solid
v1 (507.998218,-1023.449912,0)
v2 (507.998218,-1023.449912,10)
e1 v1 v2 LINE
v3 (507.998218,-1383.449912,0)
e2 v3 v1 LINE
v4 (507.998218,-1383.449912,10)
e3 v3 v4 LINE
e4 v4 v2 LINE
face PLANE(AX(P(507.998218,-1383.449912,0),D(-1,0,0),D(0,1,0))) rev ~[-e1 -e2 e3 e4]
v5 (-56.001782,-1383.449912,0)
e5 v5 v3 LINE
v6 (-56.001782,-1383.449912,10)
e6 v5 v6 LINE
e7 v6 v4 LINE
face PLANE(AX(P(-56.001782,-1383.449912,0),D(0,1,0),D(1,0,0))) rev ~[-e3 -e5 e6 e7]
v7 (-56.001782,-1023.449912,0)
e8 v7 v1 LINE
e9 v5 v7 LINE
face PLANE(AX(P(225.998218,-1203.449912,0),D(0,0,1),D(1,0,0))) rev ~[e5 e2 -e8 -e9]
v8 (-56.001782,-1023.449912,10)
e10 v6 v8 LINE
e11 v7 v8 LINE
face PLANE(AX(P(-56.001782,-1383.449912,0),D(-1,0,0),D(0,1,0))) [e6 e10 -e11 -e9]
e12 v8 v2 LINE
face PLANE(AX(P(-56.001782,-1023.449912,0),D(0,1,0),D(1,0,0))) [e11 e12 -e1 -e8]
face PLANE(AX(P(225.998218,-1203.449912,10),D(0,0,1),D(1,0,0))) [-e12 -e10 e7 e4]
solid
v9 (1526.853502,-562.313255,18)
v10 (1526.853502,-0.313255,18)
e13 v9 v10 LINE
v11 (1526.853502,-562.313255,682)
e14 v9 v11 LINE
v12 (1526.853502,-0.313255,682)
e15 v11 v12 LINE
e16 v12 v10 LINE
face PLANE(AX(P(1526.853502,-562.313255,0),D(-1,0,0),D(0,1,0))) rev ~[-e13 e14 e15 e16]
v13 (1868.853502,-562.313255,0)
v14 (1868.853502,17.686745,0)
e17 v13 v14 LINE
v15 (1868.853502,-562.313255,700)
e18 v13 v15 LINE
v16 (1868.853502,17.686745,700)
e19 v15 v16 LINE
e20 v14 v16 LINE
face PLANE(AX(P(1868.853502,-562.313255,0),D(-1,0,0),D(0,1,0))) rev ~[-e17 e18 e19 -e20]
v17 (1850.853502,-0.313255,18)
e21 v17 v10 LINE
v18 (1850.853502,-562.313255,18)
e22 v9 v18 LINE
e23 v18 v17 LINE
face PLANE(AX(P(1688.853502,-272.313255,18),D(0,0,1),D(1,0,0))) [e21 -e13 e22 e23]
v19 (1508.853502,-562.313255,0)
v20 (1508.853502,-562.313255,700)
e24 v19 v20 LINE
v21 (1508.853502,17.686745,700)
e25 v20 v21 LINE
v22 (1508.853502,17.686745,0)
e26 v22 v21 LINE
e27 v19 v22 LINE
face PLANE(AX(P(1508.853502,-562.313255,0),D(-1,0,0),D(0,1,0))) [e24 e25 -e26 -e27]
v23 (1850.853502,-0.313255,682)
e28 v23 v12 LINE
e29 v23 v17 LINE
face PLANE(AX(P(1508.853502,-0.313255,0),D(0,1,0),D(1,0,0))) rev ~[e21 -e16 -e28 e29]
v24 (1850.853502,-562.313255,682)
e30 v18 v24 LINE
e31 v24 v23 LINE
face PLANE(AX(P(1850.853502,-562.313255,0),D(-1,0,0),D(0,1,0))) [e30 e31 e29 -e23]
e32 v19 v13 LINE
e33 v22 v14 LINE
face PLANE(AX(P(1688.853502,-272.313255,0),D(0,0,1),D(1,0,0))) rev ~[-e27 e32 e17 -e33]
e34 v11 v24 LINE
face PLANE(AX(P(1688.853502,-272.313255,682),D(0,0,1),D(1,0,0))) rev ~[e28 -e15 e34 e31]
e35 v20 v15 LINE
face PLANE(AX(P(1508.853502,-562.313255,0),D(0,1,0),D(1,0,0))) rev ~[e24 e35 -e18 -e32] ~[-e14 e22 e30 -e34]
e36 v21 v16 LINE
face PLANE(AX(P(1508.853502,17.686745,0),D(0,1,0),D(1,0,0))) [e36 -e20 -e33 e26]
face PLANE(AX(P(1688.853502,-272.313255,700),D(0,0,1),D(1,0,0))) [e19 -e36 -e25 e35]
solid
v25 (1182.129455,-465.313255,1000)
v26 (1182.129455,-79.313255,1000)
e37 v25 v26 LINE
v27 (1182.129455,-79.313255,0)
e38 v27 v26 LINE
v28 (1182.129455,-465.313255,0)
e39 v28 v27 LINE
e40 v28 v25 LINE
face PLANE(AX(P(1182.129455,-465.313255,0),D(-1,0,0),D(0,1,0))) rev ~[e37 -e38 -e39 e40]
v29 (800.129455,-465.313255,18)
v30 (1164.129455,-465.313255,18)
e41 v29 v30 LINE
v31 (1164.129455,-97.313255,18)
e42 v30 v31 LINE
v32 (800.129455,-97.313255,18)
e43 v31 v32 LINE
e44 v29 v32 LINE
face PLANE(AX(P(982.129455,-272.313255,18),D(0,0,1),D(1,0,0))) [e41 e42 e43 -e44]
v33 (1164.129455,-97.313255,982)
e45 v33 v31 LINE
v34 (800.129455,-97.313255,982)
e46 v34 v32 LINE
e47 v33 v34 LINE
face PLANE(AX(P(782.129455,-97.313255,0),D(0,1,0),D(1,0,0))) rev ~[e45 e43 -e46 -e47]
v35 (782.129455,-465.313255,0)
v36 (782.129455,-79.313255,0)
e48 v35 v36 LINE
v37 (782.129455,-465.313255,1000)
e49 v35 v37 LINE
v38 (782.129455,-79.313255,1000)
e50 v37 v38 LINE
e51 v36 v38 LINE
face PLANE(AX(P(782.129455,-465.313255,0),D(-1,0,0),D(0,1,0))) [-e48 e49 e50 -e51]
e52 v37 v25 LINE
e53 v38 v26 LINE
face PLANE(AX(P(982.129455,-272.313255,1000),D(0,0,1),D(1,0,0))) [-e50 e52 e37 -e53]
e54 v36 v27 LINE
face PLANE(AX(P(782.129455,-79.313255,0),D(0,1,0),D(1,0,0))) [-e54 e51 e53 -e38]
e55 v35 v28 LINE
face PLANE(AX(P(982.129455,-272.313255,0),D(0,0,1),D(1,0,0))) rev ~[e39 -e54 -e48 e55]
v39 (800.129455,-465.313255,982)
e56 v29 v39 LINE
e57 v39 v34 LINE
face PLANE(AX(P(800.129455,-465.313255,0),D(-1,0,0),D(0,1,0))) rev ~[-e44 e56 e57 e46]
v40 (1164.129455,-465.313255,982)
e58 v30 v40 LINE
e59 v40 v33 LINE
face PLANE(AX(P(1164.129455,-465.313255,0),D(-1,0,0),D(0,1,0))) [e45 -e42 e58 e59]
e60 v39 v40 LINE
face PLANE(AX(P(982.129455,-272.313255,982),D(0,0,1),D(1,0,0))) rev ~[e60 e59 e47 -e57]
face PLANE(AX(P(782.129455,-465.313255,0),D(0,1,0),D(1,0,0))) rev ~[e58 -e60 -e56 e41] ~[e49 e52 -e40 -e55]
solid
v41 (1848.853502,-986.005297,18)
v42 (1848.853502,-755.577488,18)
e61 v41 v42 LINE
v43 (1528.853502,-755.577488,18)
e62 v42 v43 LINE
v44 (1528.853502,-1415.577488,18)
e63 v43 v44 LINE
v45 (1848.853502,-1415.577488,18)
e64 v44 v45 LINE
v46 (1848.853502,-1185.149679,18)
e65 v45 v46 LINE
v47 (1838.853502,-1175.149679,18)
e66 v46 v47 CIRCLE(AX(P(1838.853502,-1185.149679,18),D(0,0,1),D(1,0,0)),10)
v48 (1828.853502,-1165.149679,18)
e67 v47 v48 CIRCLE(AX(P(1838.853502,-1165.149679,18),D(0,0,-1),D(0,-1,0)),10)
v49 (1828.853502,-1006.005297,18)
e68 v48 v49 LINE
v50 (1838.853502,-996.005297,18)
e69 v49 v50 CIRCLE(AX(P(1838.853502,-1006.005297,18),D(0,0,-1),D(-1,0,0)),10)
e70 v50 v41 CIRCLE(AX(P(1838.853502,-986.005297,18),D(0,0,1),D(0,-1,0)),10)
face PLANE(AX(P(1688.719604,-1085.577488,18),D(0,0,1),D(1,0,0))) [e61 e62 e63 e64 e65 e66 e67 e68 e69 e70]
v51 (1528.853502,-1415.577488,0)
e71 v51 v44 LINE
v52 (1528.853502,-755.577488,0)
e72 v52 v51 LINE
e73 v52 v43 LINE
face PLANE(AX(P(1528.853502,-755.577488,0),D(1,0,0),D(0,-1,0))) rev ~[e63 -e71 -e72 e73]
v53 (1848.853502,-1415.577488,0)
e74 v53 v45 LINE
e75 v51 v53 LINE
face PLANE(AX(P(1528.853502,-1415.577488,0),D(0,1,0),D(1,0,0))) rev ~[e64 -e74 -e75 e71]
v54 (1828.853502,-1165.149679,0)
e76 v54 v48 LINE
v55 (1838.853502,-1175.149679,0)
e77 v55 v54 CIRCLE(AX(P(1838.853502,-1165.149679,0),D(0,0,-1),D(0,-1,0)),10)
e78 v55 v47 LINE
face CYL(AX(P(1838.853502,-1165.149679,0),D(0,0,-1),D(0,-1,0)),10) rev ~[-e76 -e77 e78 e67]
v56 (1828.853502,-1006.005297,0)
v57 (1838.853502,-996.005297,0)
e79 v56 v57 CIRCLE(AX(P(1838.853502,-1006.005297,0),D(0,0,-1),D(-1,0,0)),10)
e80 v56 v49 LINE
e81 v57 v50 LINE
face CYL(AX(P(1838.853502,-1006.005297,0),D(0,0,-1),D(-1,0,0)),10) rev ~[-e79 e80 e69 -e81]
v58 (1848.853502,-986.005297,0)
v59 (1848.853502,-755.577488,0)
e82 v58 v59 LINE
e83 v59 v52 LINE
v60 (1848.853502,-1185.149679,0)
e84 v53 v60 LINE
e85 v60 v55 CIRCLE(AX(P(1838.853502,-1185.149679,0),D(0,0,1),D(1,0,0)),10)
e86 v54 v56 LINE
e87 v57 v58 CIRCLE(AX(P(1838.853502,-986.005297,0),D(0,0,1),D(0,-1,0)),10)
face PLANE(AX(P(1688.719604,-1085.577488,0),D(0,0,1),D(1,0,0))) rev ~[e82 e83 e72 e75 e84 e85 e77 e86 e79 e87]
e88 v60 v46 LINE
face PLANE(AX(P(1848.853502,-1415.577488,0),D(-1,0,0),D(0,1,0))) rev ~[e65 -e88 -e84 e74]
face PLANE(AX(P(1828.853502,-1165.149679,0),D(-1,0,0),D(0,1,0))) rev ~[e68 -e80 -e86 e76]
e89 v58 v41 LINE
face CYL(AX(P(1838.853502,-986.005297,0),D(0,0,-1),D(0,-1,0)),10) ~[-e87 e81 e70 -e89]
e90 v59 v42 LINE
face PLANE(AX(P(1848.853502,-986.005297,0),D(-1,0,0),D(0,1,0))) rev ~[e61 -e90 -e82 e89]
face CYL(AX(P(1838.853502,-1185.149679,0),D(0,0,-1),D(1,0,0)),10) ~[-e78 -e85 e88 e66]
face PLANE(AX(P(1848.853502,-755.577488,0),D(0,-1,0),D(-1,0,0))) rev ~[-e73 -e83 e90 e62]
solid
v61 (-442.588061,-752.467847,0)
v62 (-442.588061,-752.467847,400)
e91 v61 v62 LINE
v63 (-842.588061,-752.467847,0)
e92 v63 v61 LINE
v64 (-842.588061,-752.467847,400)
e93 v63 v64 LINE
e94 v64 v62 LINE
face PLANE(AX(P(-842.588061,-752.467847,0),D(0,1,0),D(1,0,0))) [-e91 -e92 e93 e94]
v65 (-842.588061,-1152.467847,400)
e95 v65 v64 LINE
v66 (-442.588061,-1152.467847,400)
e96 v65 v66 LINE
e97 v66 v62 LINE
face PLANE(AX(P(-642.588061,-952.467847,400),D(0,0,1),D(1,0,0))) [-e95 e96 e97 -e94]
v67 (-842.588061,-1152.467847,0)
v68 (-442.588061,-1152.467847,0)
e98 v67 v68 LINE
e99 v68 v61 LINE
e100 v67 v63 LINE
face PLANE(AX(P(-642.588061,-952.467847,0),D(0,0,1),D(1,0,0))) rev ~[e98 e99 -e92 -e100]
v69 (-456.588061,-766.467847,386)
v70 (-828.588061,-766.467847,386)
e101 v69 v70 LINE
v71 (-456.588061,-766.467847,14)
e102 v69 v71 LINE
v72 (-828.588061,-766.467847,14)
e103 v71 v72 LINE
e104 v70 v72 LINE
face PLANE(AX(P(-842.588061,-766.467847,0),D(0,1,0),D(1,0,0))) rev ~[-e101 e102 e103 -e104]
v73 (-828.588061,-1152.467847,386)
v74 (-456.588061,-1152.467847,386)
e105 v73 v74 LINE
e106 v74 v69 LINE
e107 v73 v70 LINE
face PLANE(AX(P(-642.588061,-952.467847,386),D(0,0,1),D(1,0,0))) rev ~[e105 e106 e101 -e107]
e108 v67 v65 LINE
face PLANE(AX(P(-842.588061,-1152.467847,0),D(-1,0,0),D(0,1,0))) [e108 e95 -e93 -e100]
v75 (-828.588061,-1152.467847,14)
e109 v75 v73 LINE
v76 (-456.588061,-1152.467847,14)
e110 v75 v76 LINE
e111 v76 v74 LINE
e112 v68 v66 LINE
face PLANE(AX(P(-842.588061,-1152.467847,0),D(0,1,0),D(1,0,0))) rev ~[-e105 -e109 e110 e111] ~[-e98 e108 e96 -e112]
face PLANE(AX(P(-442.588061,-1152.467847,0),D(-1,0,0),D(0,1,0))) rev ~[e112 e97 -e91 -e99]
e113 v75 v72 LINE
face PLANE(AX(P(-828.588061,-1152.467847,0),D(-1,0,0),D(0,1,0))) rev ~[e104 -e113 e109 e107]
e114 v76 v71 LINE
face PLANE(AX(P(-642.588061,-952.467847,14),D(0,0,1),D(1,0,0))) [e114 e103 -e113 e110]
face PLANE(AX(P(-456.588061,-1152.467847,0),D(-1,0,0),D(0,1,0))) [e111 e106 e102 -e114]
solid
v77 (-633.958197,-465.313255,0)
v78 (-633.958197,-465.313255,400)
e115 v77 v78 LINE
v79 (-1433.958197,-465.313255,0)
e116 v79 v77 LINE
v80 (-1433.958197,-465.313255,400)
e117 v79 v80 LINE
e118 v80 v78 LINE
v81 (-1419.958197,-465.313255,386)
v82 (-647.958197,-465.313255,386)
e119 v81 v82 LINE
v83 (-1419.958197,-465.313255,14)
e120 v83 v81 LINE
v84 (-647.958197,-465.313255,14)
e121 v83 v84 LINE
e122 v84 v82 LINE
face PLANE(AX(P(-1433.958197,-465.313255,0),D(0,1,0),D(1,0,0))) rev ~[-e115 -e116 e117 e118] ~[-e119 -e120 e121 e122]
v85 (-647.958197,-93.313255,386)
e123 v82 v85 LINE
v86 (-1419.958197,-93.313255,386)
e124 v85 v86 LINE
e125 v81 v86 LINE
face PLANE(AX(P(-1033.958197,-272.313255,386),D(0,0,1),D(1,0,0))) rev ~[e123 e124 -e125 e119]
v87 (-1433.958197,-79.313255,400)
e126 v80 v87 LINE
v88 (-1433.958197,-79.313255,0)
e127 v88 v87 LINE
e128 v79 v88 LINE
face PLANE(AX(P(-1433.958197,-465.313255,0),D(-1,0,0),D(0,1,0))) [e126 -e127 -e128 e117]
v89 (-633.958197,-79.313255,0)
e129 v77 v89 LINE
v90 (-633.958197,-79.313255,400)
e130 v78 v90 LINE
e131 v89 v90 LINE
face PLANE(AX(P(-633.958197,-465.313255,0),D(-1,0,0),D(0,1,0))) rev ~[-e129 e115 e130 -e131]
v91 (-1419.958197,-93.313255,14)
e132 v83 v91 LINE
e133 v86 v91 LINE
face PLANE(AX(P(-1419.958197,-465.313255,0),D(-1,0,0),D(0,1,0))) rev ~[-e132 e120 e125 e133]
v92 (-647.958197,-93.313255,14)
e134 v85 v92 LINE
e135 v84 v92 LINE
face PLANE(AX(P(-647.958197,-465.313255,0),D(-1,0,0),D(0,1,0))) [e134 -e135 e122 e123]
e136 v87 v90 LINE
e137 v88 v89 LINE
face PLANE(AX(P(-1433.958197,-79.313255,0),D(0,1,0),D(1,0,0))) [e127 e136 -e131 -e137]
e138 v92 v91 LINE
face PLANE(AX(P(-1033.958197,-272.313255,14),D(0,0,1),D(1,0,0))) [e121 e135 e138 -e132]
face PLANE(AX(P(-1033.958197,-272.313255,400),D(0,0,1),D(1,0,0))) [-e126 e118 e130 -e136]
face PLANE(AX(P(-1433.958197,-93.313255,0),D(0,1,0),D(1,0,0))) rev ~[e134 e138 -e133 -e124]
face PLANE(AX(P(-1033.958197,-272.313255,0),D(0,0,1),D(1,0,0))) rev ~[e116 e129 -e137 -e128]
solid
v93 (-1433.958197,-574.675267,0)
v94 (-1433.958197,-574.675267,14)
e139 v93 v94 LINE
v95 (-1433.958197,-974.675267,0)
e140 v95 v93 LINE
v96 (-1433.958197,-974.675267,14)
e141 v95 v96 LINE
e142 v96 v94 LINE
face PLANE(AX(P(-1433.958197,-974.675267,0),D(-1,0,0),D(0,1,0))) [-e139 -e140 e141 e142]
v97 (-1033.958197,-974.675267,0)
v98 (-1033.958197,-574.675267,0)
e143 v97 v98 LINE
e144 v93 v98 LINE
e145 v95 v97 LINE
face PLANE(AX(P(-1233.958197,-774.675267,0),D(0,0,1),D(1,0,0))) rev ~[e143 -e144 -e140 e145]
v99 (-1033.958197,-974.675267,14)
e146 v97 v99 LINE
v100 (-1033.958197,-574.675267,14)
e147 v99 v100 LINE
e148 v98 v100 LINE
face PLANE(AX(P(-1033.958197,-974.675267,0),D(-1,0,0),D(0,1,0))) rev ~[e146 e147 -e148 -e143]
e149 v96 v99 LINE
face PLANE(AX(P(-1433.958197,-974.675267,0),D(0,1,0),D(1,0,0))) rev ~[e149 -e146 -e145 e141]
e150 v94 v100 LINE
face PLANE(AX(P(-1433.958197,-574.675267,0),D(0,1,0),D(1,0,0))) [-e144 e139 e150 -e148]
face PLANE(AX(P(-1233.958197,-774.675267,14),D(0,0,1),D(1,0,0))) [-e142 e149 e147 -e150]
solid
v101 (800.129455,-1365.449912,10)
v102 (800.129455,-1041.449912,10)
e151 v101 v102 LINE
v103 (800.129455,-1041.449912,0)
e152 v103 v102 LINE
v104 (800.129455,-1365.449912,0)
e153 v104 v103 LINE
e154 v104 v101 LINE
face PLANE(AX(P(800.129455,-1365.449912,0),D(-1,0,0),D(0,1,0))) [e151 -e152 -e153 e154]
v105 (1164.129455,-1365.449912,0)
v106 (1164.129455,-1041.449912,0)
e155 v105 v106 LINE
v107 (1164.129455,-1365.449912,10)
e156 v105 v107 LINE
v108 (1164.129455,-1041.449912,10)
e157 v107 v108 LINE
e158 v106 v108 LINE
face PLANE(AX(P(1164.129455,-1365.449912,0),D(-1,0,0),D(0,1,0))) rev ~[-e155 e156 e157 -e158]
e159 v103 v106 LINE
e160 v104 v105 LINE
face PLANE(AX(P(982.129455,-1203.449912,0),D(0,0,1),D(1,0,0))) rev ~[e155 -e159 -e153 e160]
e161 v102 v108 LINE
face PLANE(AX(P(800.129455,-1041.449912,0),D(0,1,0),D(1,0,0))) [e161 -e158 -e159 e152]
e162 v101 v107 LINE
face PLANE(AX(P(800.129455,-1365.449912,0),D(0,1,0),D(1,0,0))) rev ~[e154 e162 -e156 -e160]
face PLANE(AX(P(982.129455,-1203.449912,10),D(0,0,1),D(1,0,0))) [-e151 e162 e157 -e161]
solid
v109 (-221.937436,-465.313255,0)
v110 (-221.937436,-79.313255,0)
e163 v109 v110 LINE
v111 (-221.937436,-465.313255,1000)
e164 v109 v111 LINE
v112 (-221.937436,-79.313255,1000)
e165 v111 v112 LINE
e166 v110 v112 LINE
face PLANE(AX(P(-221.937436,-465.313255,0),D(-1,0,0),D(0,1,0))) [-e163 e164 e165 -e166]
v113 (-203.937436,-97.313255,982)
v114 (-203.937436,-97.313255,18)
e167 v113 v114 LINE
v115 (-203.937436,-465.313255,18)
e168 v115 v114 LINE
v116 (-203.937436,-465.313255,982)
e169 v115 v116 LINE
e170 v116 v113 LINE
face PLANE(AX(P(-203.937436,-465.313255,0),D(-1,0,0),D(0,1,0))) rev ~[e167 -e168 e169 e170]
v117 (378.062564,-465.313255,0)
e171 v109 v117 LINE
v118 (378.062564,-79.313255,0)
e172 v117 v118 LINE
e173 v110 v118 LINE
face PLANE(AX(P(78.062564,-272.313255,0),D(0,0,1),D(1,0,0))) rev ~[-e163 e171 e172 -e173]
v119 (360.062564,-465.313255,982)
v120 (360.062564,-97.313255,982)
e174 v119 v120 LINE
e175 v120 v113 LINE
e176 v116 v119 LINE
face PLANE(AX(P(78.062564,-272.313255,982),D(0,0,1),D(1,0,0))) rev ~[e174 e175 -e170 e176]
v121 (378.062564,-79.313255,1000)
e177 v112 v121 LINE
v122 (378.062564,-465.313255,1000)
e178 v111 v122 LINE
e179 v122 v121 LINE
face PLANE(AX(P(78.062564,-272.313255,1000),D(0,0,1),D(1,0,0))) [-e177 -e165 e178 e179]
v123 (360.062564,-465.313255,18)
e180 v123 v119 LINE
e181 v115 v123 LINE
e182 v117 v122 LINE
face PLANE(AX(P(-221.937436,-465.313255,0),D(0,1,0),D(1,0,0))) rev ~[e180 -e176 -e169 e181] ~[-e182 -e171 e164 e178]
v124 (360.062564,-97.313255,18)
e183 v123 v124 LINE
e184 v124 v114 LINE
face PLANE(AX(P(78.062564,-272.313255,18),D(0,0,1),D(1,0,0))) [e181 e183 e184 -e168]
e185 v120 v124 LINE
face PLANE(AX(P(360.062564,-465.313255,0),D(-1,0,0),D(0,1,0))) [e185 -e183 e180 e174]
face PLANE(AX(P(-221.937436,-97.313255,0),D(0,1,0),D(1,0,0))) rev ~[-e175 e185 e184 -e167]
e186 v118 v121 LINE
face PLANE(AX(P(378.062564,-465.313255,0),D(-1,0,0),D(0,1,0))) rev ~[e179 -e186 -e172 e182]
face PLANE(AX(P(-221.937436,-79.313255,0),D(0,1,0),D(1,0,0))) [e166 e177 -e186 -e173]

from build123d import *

# Parameters (mm, degrees)
F0_W     = 600
F0_H     = 386
F1_DEPTH = 1000
F0_W_2   = 400
F2_T     = -18
F2_2_T   = -18
F0_W_3   = 564
F0_H_2   = 360
F3_DEPTH = 10
F0_W_4   = 364
F0_H_3   = 324
F0_W_5   = 360
F0_H_4   = 580
F4_DEPTH = 700
F5_T     = -18
F6_DEPTH = 18
F0_H_5   = 400
F7_DEPTH = 14
F0_W_6   = 800
F8_DEPTH = 400
F9_T     = -14
F9_2_T   = -14


with BuildPart() as f1:
    # F0 (on Top) → F1 (new body)
    with BuildSketch(Plane.XY):
        with Locations((78.0625641346, -272.3132547994)):
            Rectangle(F0_W, F0_H)
    extrude(amount=F1_DEPTH)

    # F2
    f2_openings = [f1.faces().sort_by_distance(p)[0] for p in [
        (78.062564, -465.313255, 500),
    ]]
    offset(amount=F2_T, openings=f2_openings)


with BuildPart() as f1b:
    # F0 (on Top) → F1, piece 2 (new body)
    with BuildSketch(Plane.XY):
        with Locations((982.1294546127, -272.3132547994)):
            Rectangle(F0_W_2, F0_H)
    extrude(amount=F1_DEPTH)

    # F2#2
    f2_2_openings = [f1b.faces().sort_by_distance(p)[0] for p in [
        (982.129455, -465.313255, 500),
    ]]
    offset(amount=F2_2_T, openings=f2_2_openings)


with BuildPart() as f3:
    # F0 (on Top) → F3 (new body)
    with BuildSketch(Plane.XY):
        with Locations((225.9982175827, -1203.4499120712)):
            Rectangle(F0_W_3, F0_H_2)
    extrude(amount=F3_DEPTH)


with BuildPart() as f3b:
    # F0 (on Top) → F3, piece 2 (new body)
    with BuildSketch(Plane.XY):
        with Locations((982.1294546127, -1203.4499120712)):
            Rectangle(F0_W_4, F0_H_3)
    extrude(amount=F3_DEPTH)


with BuildPart() as f4:
    # F0 (on Top) → F4 (new body)
    with BuildSketch(Plane.XY):
        with Locations((1688.8535022736, -272.3132547994)):
            Rectangle(F0_W_5, F0_H_4)
    extrude(amount=F4_DEPTH)

    # F5
    f5_openings = [f4.faces().sort_by_distance(p)[0] for p in [
        (1688.853502, -562.313255, 350),
    ]]
    offset(amount=F5_T, openings=f5_openings)


with BuildPart() as f6:
    # F0 (on Top) → F6 (new body)
    with BuildSketch(Plane.XY):
        with BuildLine():
            Line((1848.8535022736, -986.0052967072), (1848.8535022736, -755.5774879456))
            Line((1848.8535022736, -755.5774879456), (1528.8535022736, -755.5774879456))
            Line((1528.8535022736, -755.5774879456), (1528.8535022736, -1415.5774879456))
            Line((1528.8535022736, -1415.5774879456), (1848.8535022736, -1415.5774879456))
            Line((1848.8535022736, -1415.5774879456), (1848.8535022736, -1185.149679184))
            ThreePointArc((1848.8535022736, -1185.149679184), (1845.9245700854, -1178.0786113721), (1838.8535022736, -1175.149679184))
            ThreePointArc((1838.8535022736, -1175.149679184), (1831.7824344617, -1172.2207469958), (1828.8535022736, -1165.149679184))
            Line((1828.8535022736, -1165.149679184), (1828.8535022736, -1006.0052967072))
            ThreePointArc((1828.8535022736, -1006.0052967072), (1831.7824344617, -998.9342288953), (1838.8535022736, -996.0052967072))
            ThreePointArc((1838.8535022736, -996.0052967072), (1845.9245700854, -993.076364519), (1848.8535022736, -986.0052967072))
        make_face()
    extrude(amount=F6_DEPTH)


with BuildPart() as f7:
    # F0 (on Top) → F7 (new body)
    with BuildSketch(Plane.XY):
        with Locations((-1233.95819664, -774.6752672195)):
            Rectangle(F0_W_2, F0_H_5)
    extrude(amount=F7_DEPTH)


with BuildPart() as f8:
    # F0 (on Top) → F8 (new body)
    with BuildSketch(Plane.XY):
        with Locations((-1033.95819664, -272.3132547994)):
            Rectangle(F0_W_6, F0_H)
    extrude(amount=F8_DEPTH)

    # F9
    f9_openings = [f8.faces().sort_by_distance(p)[0] for p in [
        (-1033.958197, -465.313255, 200),
    ]]
    offset(amount=F9_T, openings=f9_openings)


with BuildPart() as f8b:
    # F0 (on Top) → F8, piece 2 (new body)
    with BuildSketch(Plane.XY):
        with Locations((-642.5880610943, -952.4678468704)):
            Rectangle(F0_W_2, F0_H_5)
    extrude(amount=F8_DEPTH)

    # F9#2
    f9_2_openings = [f8b.faces().sort_by_distance(p)[0] for p in [
        (-642.588061, -1152.467847, 200),
    ]]
    offset(amount=F9_2_T, openings=f9_2_openings)


solid = Compound([f1.part, f1b.part, f3.part, f3b.part, f4.part, f6.part, f7.part, f8.part, f8b.part])
